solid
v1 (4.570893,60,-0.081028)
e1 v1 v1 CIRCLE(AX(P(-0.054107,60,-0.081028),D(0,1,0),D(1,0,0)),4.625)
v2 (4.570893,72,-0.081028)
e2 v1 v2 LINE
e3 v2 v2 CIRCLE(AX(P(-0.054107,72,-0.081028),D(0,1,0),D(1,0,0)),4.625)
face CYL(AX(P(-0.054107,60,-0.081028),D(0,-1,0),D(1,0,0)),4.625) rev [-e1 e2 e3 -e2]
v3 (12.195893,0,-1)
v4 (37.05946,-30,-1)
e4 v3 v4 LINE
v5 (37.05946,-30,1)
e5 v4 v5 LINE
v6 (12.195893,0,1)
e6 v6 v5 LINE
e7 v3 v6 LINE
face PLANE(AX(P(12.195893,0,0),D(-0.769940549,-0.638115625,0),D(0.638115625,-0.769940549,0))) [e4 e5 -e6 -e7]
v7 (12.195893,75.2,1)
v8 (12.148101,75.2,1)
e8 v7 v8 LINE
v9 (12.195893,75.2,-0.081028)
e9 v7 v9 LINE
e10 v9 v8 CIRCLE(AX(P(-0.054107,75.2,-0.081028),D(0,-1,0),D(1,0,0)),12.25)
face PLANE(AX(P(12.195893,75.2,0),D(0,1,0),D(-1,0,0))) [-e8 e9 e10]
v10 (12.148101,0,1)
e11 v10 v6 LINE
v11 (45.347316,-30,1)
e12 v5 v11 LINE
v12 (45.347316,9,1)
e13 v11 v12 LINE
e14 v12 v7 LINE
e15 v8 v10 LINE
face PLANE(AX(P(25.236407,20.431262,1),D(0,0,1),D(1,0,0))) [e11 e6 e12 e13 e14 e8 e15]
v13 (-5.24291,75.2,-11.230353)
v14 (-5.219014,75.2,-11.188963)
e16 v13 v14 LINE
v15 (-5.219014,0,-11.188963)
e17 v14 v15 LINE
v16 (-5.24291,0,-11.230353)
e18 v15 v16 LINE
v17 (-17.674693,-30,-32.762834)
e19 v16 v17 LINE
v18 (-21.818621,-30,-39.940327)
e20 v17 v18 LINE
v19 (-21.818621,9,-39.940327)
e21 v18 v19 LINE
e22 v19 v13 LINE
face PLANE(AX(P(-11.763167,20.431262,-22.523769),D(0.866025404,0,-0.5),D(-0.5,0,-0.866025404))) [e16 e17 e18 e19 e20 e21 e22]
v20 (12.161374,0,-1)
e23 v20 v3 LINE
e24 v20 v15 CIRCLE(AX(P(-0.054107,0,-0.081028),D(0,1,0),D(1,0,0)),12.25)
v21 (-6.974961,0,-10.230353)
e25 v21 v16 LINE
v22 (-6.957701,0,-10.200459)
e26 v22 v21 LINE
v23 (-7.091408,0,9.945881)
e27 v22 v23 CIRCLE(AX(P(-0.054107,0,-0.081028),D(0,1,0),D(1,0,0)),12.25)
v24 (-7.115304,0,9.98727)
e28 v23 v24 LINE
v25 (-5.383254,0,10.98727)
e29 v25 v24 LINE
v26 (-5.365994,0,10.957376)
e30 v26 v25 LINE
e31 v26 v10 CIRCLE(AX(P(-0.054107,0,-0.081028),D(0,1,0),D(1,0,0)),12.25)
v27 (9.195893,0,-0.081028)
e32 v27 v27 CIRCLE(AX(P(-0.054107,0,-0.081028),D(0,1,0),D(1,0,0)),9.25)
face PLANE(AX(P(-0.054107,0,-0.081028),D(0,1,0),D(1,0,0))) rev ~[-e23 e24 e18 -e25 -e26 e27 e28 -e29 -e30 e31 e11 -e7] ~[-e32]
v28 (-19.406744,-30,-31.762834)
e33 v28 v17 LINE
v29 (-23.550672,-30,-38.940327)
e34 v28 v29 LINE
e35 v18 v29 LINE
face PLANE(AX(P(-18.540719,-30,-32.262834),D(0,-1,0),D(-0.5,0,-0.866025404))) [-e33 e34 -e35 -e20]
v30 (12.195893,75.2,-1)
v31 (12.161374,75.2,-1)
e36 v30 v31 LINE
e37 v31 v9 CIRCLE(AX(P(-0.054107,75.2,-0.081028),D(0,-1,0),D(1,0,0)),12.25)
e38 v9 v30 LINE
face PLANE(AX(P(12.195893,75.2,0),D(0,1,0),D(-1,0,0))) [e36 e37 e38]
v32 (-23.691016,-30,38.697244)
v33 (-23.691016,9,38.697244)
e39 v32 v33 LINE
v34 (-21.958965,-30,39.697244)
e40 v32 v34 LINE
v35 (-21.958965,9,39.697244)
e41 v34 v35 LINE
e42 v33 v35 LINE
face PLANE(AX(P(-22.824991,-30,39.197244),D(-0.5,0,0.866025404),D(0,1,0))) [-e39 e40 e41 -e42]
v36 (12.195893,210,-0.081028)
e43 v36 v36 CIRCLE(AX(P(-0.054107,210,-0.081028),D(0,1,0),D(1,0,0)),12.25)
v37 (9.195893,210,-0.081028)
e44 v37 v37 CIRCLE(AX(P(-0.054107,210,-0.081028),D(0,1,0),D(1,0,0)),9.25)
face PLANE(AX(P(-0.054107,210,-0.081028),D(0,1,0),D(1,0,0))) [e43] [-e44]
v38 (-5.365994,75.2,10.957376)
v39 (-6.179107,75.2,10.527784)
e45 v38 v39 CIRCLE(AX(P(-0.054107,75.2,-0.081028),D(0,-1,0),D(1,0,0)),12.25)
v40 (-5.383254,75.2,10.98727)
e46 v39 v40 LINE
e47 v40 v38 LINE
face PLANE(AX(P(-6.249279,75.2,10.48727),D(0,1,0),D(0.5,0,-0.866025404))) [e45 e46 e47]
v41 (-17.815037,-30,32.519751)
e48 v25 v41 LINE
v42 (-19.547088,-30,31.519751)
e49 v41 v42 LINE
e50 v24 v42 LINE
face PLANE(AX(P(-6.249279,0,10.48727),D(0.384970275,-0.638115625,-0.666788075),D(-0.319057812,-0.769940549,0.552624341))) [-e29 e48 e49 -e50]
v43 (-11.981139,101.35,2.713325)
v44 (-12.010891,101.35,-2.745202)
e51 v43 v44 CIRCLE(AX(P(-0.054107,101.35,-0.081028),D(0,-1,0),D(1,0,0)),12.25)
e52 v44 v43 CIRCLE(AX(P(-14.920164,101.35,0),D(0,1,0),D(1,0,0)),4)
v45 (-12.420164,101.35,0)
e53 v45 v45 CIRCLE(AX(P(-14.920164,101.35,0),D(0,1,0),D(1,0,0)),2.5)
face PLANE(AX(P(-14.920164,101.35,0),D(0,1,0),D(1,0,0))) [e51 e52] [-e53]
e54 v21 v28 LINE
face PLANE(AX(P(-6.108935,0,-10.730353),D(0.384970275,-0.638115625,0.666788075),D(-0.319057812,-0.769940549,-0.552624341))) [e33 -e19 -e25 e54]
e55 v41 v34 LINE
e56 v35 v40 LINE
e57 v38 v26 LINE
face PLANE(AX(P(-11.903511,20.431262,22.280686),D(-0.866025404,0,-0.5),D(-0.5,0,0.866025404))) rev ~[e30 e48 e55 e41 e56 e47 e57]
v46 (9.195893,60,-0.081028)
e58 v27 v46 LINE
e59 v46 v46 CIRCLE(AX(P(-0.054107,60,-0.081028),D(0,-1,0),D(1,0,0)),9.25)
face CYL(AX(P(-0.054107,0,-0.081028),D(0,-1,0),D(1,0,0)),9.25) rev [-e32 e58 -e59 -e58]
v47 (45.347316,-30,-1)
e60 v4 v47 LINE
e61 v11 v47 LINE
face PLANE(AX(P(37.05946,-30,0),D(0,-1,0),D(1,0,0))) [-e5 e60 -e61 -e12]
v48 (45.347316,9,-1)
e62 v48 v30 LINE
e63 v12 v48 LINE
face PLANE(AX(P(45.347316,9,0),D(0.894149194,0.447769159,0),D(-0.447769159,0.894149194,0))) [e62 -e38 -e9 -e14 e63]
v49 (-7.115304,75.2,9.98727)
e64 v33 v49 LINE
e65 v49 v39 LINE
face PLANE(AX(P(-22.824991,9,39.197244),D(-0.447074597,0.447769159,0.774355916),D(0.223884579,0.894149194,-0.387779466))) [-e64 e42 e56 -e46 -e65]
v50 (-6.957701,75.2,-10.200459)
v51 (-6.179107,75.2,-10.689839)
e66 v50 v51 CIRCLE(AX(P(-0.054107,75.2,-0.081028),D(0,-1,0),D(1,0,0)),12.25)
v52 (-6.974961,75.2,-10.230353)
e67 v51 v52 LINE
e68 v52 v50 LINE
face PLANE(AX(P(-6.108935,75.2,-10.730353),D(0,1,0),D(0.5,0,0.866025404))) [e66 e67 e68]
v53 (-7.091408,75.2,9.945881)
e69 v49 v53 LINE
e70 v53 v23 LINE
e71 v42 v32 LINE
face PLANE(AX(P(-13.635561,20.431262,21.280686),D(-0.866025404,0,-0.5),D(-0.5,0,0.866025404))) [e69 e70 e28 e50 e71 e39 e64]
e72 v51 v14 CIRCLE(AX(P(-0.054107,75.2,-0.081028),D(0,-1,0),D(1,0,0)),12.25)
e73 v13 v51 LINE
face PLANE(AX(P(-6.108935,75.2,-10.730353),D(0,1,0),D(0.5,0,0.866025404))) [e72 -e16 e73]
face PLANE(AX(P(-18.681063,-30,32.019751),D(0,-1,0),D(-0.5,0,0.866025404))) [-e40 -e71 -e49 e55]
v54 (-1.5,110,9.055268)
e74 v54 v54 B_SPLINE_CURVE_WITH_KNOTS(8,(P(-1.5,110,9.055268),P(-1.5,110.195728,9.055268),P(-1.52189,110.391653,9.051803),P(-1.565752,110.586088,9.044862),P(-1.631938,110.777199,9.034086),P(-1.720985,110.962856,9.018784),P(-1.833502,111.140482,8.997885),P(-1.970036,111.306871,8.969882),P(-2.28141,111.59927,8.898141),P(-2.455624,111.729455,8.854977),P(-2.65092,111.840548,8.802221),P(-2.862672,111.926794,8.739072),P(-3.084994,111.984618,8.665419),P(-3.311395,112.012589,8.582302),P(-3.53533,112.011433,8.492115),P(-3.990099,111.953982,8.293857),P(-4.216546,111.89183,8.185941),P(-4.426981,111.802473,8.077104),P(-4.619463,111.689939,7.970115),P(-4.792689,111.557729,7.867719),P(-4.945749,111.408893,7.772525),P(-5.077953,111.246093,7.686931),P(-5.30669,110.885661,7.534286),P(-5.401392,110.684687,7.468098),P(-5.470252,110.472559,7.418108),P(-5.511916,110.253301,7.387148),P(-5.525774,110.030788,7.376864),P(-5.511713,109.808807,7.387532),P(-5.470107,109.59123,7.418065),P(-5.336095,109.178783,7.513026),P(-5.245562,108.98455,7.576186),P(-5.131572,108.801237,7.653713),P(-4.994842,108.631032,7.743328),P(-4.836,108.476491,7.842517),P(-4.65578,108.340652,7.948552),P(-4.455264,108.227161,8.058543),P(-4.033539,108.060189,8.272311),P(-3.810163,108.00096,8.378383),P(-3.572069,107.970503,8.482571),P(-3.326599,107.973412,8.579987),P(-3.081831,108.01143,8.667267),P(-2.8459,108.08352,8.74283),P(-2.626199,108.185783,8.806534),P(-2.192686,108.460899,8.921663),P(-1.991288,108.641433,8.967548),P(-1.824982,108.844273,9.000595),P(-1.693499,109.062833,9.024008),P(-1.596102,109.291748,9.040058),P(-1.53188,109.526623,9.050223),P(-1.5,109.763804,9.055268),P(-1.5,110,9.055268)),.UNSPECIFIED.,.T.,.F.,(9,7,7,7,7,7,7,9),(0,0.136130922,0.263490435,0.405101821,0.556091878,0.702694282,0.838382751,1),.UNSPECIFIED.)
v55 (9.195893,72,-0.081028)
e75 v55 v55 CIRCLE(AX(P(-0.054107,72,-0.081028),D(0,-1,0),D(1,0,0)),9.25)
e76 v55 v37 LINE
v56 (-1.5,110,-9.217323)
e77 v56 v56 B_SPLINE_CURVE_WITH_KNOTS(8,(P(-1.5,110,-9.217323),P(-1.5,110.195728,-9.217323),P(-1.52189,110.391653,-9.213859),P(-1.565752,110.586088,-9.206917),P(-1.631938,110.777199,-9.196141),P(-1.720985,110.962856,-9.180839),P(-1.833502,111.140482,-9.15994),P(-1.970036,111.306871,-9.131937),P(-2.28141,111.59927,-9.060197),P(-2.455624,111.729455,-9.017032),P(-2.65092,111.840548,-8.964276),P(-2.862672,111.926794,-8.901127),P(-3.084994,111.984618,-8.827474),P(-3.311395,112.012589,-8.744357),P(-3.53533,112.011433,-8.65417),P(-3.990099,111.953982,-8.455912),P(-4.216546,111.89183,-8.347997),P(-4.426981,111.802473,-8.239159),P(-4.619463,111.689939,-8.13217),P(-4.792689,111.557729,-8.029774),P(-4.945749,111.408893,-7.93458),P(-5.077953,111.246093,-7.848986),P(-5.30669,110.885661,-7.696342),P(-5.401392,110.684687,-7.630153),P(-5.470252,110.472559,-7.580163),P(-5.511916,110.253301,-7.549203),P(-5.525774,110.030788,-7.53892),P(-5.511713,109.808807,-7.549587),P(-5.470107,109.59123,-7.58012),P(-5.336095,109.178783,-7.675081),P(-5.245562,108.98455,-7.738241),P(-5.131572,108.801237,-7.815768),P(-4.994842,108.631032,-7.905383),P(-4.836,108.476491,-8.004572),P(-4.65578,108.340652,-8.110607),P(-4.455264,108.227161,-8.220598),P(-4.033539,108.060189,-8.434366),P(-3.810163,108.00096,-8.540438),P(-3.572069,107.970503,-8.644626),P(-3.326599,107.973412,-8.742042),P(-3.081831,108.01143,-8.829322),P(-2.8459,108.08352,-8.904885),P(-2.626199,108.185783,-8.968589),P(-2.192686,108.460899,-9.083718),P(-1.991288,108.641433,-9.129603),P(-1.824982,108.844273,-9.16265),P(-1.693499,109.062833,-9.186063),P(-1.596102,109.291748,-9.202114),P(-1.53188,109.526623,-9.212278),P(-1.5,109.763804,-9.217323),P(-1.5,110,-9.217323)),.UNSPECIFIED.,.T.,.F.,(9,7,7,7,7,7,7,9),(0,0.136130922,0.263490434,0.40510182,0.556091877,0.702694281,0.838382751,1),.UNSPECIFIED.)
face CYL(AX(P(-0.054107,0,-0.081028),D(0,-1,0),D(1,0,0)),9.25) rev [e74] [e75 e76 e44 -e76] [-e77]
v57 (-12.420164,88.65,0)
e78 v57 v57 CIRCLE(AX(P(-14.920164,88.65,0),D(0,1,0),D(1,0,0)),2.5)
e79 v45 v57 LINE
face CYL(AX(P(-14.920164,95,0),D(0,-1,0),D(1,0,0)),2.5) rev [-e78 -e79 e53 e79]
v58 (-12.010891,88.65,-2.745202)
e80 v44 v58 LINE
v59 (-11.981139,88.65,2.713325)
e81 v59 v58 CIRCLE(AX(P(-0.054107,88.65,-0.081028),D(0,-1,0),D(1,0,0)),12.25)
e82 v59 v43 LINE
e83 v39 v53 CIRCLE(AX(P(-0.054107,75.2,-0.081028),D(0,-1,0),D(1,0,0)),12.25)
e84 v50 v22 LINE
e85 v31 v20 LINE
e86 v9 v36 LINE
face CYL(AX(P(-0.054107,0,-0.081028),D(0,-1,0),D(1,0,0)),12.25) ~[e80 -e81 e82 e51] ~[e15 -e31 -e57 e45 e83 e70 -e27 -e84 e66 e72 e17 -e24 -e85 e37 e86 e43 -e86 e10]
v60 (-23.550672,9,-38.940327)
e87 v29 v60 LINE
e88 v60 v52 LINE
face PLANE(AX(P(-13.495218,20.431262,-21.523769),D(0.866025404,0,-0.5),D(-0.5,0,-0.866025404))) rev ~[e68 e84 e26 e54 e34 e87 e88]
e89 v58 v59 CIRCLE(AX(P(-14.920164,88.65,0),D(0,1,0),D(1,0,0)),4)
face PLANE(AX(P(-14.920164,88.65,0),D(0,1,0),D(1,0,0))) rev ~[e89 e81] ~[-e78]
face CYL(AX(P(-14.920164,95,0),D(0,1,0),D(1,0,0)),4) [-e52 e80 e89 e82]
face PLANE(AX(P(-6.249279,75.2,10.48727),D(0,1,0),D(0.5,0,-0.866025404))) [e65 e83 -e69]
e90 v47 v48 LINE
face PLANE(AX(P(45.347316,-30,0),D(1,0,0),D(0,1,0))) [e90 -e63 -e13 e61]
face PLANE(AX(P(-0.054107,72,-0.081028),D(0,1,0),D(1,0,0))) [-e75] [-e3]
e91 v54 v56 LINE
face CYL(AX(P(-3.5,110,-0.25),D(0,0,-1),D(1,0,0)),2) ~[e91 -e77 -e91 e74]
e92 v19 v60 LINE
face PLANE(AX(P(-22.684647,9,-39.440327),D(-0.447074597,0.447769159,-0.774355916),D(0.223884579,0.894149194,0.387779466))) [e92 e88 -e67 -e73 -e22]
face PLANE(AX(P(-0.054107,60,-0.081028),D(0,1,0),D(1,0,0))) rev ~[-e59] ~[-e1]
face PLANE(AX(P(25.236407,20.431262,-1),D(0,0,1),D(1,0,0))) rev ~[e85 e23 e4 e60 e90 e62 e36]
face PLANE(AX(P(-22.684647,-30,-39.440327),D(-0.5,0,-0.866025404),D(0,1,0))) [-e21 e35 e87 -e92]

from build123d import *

# Parameters (mm, degrees)
SKETCH2_R                = 12.25
SKETCH2_R_2              = 9.25
BOSS_EXTRUDE1_DEPTH      = 210
SKETCH5_R                = 9.5
SKETCH5_R_2              = 4.625
BOSS_EXTRUDE2_DEPTH      = 12
BOSS_EXTRUDE3_DEPTH      = 1
CIRPATTERN1_COUNT        = 3
BOSS_EXTRUDE4_DEPTH      = 6.35
BOSS_EXTRUDE4_DEPTH_BACK = 6.35
SKETCH8_R                = 4
SKETCH8_R_2              = 2.5
SKETCH9_W                = 2
SKETCH9_H                = 19.5


with BuildPart() as part:
    # Sketch2 → Boss-Extrude1 (new body)
    with BuildSketch(Plane(origin=(-2.465768249, 0, -0.081027564), x_dir=(1, 0, 0), z_dir=(0, 1, 0))):
        with Locations((2.411661176, 0)):
            Circle(SKETCH2_R)
        with Locations((2.411661176, 0)):
            Circle(SKETCH2_R_2, mode=Mode.SUBTRACT)
    extrude(amount=BOSS_EXTRUDE1_DEPTH)

    # Sketch5 → Boss-Extrude2 (add)
    with BuildSketch(Plane(origin=(0, 60, 0), x_dir=(1, 0, 0), z_dir=(0, 1, 0))):
        with Locations((-0.054107074, 0.081027564)):
            Circle(SKETCH5_R)
        with Locations((-0.054107074, 0.081027564)):
            Circle(SKETCH5_R_2, mode=Mode.SUBTRACT)
    extrude(amount=BOSS_EXTRUDE2_DEPTH)

    # Sketch7 → Boss-Extrude3 (add, symmetric)
    with BuildSketch(Plane.XY):
        Polygon((12.195892926, 75.2), (9.828211369, 75.2), (11.195892926, 0), (12.195892926, 0), (37.059460314, -30), (45.34731611, -30), (45.34731611, 9), align=None)
    boss_extrude3 = extrude(amount=BOSS_EXTRUDE3_DEPTH, both=True)

    # CirPattern1: Boss-Extrude3 ×3 about axis
    cirpattern1_axis = Axis((-0.054107074, 210, -0.081027564), (0, -1, 0))
    for i in range(1, CIRPATTERN1_COUNT):
        add(boss_extrude3.rotate(cirpattern1_axis, i * 360 / CIRPATTERN1_COUNT))

    # Sketch8 → Boss-Extrude4 (add, two sides: drawn at the far end of the back side and taken through both)
    with BuildSketch(Plane(origin=(0.379836366, 95, 0), x_dir=(1, 0, 0), z_dir=(0, 1, 0)).offset(-BOSS_EXTRUDE4_DEPTH_BACK)):
        with Locations((-15.3, 0)):
            Circle(SKETCH8_R)
        with Locations((-15.3, 0)):
            Circle(SKETCH8_R_2, mode=Mode.SUBTRACT)
    extrude(amount=BOSS_EXTRUDE4_DEPTH + BOSS_EXTRUDE4_DEPTH_BACK)

    # Sketch9 → Revolve-Thin1 (revolve)
    with BuildSketch(Plane(origin=(0, 110, 0), x_dir=(1, 0, 0), z_dir=(0, 1, 0))):
        with Locations((-2.5, 0.25)):
            Rectangle(SKETCH9_W, SKETCH9_H)
    revolve(axis=Axis((-3.5, 110, -10), (0, 0, 1)))


solid = part.part
